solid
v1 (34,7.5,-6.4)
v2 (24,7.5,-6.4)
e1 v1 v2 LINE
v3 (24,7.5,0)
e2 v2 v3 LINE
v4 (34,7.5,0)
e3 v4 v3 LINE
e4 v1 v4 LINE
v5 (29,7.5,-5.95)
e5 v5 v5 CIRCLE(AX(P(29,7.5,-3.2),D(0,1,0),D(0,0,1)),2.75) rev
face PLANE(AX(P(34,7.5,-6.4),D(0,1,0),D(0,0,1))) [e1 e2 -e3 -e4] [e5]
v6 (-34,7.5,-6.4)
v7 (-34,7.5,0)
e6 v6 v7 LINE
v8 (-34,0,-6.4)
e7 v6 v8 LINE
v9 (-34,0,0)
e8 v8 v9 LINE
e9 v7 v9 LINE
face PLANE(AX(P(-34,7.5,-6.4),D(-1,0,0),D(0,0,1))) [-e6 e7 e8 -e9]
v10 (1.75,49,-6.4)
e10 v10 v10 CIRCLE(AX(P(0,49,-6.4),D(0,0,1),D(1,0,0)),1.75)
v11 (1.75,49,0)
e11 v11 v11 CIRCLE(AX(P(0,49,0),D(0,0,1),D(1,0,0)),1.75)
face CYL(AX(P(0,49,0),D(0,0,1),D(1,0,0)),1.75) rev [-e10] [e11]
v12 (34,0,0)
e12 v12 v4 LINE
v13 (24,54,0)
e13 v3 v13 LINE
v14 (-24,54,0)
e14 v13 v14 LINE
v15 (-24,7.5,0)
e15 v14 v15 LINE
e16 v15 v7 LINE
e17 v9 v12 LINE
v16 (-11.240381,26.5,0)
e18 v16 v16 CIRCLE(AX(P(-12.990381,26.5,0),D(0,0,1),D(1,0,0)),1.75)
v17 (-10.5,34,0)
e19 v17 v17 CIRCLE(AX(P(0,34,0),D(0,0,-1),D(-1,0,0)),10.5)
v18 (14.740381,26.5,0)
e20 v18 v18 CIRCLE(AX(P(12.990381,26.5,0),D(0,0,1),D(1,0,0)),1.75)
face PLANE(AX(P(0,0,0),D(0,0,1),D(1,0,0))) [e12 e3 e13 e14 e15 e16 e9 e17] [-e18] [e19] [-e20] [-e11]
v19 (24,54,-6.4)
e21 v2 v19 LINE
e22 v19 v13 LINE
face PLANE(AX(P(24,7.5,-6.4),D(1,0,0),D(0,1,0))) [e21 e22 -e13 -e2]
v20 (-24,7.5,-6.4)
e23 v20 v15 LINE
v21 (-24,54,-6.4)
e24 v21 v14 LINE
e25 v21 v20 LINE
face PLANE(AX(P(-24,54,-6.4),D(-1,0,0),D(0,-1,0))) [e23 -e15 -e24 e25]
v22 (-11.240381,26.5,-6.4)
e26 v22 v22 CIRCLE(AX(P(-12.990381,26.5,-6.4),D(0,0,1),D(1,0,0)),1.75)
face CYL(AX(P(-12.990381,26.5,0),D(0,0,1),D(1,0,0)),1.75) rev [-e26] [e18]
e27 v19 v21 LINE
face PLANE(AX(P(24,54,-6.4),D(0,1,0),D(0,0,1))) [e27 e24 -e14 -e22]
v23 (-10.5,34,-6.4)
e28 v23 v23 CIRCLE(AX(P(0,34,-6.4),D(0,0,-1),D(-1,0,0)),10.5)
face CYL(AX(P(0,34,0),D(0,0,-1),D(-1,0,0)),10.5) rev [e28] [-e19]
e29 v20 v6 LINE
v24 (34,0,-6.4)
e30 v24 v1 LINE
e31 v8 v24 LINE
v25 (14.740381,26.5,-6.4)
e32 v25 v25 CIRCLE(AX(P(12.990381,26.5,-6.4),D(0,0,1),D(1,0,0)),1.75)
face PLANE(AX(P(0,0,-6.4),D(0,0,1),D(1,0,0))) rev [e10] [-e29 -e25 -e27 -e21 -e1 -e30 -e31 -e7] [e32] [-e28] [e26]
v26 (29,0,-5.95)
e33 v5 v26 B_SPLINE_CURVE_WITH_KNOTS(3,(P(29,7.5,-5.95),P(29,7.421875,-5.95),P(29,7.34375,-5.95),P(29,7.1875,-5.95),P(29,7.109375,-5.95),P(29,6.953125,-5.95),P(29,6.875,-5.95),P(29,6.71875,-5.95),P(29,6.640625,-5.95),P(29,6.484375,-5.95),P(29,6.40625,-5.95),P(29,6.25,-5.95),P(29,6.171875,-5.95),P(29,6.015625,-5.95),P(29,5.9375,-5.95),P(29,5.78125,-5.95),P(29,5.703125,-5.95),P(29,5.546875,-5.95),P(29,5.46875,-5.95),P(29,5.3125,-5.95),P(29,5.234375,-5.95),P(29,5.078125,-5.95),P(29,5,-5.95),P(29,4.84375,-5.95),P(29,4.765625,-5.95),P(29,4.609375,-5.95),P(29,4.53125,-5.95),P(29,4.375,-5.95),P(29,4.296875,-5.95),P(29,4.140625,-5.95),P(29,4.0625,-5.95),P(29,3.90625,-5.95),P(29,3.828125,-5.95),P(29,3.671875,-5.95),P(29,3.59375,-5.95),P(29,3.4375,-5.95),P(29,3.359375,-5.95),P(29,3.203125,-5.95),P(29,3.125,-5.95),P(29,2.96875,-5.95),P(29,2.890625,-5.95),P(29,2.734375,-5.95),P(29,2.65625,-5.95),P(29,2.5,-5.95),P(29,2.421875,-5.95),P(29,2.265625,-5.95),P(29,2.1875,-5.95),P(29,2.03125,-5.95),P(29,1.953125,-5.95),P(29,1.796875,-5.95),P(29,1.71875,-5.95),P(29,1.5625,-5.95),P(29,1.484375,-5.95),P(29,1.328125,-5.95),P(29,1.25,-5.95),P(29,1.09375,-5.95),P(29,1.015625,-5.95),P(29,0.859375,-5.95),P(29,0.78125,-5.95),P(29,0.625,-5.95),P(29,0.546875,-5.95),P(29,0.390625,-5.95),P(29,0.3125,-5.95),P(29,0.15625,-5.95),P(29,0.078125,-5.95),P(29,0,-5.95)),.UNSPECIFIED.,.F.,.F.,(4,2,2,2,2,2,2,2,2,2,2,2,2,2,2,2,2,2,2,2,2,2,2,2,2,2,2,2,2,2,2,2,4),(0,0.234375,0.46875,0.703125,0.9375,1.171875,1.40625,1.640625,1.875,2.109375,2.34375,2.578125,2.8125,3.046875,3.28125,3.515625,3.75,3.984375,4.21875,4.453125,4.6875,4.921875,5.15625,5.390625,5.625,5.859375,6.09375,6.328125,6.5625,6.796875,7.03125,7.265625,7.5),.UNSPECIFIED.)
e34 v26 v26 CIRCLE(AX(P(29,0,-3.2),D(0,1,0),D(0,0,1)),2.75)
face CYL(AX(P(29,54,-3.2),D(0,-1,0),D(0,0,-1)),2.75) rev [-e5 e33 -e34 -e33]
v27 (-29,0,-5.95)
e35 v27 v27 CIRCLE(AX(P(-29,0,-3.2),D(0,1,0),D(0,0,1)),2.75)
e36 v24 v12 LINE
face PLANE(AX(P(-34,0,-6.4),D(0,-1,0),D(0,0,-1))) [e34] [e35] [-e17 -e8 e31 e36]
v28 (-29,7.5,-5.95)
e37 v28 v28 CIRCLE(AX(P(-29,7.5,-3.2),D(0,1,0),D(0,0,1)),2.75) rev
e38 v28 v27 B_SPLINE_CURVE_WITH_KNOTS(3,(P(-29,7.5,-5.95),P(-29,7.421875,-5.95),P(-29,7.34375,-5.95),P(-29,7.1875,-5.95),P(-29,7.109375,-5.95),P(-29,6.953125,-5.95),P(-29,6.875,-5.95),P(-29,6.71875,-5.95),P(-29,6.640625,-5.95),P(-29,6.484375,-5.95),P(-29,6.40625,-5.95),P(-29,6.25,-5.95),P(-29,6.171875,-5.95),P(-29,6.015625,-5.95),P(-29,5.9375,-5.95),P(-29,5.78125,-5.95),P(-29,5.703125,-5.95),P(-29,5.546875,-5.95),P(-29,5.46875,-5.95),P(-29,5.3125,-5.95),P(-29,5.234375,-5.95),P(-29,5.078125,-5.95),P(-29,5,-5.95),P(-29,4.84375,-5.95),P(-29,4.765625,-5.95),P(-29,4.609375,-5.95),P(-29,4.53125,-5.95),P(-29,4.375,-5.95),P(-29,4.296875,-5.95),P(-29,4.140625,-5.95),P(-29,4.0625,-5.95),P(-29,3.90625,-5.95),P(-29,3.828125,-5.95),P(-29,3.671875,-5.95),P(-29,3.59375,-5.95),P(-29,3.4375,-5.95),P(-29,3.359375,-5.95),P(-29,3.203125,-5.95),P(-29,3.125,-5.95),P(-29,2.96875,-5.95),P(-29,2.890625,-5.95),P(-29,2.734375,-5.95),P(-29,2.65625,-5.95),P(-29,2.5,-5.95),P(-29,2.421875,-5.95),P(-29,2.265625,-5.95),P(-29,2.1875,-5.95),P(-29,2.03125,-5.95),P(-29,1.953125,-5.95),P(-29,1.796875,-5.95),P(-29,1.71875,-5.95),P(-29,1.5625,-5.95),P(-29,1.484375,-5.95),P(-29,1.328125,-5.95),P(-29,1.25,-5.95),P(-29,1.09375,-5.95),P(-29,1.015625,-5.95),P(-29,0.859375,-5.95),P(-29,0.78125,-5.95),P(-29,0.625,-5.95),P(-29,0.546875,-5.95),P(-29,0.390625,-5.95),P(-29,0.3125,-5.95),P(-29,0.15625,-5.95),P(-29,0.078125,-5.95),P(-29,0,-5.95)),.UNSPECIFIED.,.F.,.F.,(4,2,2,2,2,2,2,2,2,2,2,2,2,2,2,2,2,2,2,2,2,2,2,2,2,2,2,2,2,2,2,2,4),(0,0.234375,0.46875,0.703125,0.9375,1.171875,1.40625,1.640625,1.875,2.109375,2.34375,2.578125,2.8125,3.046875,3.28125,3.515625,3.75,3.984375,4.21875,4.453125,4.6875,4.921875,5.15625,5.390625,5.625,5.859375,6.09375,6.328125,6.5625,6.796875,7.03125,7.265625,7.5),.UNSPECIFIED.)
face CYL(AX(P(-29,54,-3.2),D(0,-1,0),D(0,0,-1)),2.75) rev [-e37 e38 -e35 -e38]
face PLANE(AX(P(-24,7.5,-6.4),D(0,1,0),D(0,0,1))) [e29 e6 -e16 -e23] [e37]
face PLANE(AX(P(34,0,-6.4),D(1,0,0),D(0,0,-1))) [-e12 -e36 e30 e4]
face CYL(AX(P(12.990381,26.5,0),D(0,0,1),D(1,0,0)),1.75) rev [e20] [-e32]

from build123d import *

# Parameters (mm, degrees)
SKETCH2_R                  = 4.175
BOSS_EXTRUDE1_DEPTH        = 6.4
SKETCH3_R                  = 10.5
CUT_EXTRUDE1_DEPTH         = 65.132363125
F_3_5_3_5_DIAMETER_HOLE1_D = 3.5
CIRPATTERN1_COUNT          = 3
CUT_EXTRUDE2_DEPTH         = 58.958692187
CUT_EXTRUDE2_DEPTH_BACK    = 58.958692187
SKETCH12_R                 = 2.75


with BuildPart() as part:
    # Sketch2 → Boss-Extrude1 (new body)
    with BuildSketch(Plane.XY):
        Polygon((-34, 0), (34, 0), (34, 7.5), (24, 7.5), (24, 54), (-24, 54), (-24, 7.5), (-34, 7.5), align=None)
        with Locations((0, 34)):
            Circle(SKETCH2_R, mode=Mode.SUBTRACT)
    extrude(amount=-BOSS_EXTRUDE1_DEPTH)

    # Sketch3 → Cut-Extrude1 (cut, through all)
    with BuildSketch(Plane(origin=(0, 0, -6.4), x_dir=(-1, 0, 0), z_dir=(0, 0, -1))):
        with Locations((0, 34)):
            Circle(SKETCH3_R)
    extrude(amount=-CUT_EXTRUDE1_DEPTH, mode=Mode.SUBTRACT)

    # Ø3.5 (3.5) Diameter Hole1 (through all)
    with Locations(Plane.XY):
        with Locations((0, 49)):
            f_3_5_3_5_diameter_hole1 = Hole(F_3_5_3_5_DIAMETER_HOLE1_D / 2)

    # CirPattern1: Ø3.5 (3.5) Diameter Hole1 ×3 about axis
    cirpattern1_axis = Axis((0, 34, 0), (0, 0, 1))
    for i in range(1, CIRPATTERN1_COUNT):
        add(f_3_5_3_5_diameter_hole1.rotate(cirpattern1_axis, i * 360 / CIRPATTERN1_COUNT), mode=Mode.SUBTRACT)

    # Sketch12 → Cut-Extrude2 (cut, two sides: drawn at the far end of the back side and taken through both)
    with BuildSketch(Plane(origin=(0, 7.5, 0), x_dir=(1, 0, 0), z_dir=(0, 1, 0)).offset(-CUT_EXTRUDE2_DEPTH_BACK)):
        with Locations(Location((-29, 3.2, 0), (0, 0, 90))):
            Circle(SKETCH12_R)
        with Locations(Location((29, 3.2, 0), (0, 0, 90))):
            Circle(SKETCH12_R)
    extrude(amount=CUT_EXTRUDE2_DEPTH + CUT_EXTRUDE2_DEPTH_BACK, mode=Mode.SUBTRACT)


solid = part.part
